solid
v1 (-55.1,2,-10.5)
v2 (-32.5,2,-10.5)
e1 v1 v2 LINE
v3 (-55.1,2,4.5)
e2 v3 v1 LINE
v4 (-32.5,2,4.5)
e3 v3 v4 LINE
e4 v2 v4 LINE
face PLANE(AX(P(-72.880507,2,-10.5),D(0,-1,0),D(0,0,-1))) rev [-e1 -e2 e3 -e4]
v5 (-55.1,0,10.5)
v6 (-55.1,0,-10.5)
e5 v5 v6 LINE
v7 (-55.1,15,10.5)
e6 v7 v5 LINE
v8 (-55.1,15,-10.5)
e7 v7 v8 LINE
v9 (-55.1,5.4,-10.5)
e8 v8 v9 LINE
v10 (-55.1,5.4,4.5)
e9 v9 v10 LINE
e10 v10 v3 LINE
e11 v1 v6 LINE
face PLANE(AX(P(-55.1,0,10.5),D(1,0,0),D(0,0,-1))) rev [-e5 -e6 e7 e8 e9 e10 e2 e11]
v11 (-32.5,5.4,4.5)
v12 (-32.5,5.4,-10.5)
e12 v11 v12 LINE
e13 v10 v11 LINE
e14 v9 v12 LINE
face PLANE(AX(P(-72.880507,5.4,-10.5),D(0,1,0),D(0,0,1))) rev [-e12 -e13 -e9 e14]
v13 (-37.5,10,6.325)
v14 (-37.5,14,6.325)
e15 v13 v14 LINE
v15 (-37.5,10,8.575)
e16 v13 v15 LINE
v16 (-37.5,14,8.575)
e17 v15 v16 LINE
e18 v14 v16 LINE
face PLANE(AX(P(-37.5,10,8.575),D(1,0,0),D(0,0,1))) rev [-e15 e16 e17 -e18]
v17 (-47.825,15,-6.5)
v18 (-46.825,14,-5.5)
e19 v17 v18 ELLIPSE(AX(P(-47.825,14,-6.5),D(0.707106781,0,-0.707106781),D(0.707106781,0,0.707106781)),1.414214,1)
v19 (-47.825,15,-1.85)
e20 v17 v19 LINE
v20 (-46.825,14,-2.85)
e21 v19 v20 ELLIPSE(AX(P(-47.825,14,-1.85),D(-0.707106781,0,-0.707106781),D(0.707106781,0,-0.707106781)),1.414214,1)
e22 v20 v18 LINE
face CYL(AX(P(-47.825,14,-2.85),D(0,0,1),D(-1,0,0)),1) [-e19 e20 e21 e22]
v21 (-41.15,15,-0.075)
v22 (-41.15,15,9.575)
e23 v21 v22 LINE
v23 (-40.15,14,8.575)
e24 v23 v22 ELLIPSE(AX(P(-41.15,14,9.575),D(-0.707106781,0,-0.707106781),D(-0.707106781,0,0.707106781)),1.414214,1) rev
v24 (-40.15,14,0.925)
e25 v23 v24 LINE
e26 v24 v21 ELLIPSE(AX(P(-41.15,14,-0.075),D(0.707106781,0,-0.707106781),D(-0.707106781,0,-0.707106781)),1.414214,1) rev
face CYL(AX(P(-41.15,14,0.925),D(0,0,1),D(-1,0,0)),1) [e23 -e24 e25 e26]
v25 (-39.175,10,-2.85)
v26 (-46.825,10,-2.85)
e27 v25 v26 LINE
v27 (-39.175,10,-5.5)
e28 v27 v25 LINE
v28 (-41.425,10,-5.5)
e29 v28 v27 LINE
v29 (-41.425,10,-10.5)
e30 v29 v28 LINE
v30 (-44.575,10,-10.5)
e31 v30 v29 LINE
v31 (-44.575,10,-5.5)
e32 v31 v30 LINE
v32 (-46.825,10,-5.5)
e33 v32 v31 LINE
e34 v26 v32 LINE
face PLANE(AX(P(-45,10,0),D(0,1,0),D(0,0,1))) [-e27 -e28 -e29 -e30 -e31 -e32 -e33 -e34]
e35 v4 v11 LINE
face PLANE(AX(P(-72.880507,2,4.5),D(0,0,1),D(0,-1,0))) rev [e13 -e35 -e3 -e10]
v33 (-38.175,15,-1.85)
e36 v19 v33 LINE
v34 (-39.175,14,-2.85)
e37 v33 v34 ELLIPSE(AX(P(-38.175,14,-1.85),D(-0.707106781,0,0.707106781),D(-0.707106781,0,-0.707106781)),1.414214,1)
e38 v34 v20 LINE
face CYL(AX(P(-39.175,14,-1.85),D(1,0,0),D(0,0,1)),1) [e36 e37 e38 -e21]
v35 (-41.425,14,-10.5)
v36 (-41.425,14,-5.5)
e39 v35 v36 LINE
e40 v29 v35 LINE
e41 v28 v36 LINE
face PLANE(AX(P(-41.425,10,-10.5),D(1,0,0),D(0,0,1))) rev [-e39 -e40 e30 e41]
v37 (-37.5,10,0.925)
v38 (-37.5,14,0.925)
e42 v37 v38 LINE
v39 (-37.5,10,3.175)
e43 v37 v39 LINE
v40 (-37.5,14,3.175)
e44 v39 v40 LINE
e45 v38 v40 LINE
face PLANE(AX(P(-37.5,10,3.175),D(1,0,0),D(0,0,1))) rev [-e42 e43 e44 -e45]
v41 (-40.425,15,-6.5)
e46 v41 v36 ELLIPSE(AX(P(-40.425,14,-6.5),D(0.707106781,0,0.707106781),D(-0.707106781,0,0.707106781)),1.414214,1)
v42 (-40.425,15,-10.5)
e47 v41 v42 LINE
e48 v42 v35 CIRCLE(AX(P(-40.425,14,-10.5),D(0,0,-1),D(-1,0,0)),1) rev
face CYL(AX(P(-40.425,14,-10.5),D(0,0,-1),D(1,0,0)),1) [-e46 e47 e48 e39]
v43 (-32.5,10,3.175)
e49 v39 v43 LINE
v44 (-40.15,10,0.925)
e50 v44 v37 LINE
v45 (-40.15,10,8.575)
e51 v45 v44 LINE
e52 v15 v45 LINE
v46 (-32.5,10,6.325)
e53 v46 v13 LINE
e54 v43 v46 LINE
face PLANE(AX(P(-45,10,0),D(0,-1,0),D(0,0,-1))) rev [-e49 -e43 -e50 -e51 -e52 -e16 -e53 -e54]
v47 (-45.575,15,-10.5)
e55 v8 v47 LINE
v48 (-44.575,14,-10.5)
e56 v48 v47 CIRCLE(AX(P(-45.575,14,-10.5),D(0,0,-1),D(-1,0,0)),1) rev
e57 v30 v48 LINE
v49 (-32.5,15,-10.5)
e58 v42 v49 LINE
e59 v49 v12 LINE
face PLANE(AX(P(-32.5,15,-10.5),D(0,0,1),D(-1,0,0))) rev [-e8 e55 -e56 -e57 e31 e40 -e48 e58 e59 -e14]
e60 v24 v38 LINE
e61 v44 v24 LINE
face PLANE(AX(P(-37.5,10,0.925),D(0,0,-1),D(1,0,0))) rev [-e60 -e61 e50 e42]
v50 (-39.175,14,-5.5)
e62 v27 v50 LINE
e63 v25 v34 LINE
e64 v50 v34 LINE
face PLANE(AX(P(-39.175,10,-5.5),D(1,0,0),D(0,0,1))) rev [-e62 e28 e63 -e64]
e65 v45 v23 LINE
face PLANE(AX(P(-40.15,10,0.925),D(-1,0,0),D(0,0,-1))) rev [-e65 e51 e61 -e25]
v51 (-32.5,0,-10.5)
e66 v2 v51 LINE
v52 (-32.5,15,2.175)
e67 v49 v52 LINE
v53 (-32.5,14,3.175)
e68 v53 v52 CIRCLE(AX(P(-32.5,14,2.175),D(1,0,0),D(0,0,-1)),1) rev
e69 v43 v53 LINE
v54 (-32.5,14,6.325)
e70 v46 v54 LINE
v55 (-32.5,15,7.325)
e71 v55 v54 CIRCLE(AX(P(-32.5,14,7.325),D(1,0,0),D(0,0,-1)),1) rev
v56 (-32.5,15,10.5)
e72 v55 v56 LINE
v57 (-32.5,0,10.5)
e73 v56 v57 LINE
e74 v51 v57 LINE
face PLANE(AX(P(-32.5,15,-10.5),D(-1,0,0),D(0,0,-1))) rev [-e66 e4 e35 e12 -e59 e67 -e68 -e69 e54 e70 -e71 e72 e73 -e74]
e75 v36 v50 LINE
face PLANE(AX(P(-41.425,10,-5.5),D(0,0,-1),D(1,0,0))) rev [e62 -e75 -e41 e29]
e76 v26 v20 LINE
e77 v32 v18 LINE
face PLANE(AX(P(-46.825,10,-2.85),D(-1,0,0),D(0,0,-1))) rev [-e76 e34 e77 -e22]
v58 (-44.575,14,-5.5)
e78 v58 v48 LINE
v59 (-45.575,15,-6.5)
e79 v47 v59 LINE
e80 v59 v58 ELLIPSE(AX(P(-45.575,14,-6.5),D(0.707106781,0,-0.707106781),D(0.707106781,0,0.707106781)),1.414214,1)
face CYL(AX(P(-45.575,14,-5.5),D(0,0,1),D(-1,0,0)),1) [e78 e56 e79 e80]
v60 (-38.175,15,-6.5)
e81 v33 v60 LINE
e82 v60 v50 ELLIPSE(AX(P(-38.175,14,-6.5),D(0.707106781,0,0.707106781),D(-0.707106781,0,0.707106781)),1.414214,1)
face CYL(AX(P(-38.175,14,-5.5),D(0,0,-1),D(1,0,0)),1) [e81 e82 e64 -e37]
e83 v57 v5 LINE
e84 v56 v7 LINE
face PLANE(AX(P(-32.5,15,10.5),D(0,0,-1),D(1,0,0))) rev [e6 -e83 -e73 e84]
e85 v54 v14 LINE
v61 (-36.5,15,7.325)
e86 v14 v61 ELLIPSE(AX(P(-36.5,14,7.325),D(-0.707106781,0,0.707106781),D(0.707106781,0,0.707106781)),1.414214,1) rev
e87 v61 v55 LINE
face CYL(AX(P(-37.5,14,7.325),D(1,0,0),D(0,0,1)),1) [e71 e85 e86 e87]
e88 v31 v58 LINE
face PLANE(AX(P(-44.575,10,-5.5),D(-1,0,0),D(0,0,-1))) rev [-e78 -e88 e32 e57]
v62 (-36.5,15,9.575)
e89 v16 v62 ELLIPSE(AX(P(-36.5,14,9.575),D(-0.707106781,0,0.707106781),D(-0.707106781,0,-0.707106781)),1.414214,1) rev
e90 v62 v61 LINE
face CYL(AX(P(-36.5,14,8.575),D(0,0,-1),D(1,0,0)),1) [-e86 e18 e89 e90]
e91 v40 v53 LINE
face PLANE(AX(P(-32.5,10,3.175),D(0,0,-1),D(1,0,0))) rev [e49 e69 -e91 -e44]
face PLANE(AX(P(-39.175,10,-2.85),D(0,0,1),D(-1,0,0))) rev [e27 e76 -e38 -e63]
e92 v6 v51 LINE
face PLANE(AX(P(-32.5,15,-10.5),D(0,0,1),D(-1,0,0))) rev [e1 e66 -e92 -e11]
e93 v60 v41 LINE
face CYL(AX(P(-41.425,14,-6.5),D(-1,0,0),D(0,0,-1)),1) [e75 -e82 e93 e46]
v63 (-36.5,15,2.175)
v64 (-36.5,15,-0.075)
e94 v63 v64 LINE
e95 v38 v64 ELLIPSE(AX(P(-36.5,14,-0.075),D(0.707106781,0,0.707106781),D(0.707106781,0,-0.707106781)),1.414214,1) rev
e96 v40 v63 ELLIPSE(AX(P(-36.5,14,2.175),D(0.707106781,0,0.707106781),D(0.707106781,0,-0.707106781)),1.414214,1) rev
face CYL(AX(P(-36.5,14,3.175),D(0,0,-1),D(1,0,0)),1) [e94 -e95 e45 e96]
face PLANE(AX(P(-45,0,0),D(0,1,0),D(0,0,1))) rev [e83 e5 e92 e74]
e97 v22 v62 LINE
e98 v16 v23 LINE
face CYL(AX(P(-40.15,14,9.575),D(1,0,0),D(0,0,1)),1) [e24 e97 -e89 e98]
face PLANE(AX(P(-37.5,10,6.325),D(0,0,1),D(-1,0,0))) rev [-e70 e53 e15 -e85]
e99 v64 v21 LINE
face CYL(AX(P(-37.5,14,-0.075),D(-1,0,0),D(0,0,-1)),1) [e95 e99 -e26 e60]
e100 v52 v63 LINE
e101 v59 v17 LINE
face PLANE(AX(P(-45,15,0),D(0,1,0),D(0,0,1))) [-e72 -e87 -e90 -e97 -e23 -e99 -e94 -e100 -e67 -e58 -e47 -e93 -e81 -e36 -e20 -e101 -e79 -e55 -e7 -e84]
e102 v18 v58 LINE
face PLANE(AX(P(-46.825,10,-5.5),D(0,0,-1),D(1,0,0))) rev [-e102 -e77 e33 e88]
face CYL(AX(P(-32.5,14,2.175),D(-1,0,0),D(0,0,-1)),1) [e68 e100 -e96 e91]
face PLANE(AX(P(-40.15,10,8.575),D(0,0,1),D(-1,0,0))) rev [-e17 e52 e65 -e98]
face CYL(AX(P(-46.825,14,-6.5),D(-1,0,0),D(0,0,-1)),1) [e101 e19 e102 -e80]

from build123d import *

# Parameters (mm, degrees)
SKETCH1_W           = 25
SKETCH1_H           = 21
BOSS_EXTRUDE1_DEPTH = 15
SKETCH2_W           = 15
SKETCH2_H           = 3.4
CUT_EXTRUDE1_DEPTH  = 22.6
CUT_EXTRUDE2_DEPTH  = 5
FILLET1_R           = 1
SKETCH4_W           = 2.4
SKETCH4_H           = 15
CUT_EXTRUDE4_DEPTH  = 64.025788373


with BuildPart() as part:
    # Sketch1 → Boss-Extrude1 (new body)
    with BuildSketch(Plane(origin=(0, 0, 0), x_dir=(1, 0, 0), z_dir=(0, 1, 0))):
        Rectangle(SKETCH1_W, SKETCH1_H)
    extrude(amount=BOSS_EXTRUDE1_DEPTH)

    # Sketch2 → Cut-Extrude1 (cut)
    with BuildSketch(Plane.ZY.offset(12.5)):
        with Locations((-3, 3.7)):
            Rectangle(SKETCH2_W, SKETCH2_H)
    extrude(amount=-CUT_EXTRUDE1_DEPTH, mode=Mode.SUBTRACT)

    # Sketch3 → Cut-Extrude2 (cut)
    with BuildSketch(Plane(origin=(0, 15, 0), x_dir=(1, 0, 0), z_dir=(0, 1, 0))):
        Polygon((-4.85, -0.925), (-4.85, -8.575), (-7.5, -8.575), (-7.5, -6.325), (-12.5, -6.325), (-12.5, -3.175), (-7.5, -3.175), (-7.5, -0.925), align=None)
        Polygon((-3.575, 10.5), (-3.575, 5.5), (-5.825, 5.5), (-5.825, 2.85), (1.825, 2.85), (1.825, 5.5), (-0.425, 5.5), (-0.425, 10.5), align=None)
    extrude(amount=-CUT_EXTRUDE2_DEPTH, mode=Mode.SUBTRACT)

    # Fillet1
    fillet1_edges = [part.edges().sort_by_distance(p)[0] for p in [
        (-6.175, 15, 0.925),
        (-7.5, 15, 2.05),
        (-10, 15, 3.175),
        (-10, 15, 6.325),
        (-7.5, 15, 7.45),
        (-6.175, 15, 8.575),
        (-4.85, 15, 4.75),
        (-3.575, 15, -8),
        (-4.7, 15, -5.5),
        (-5.825, 15, -4.175),
        (-2, 15, -2.85),
        (1.825, 15, -4.175),
        (0.7, 15, -5.5),
        (-0.425, 15, -8),
    ]]
    fillet(fillet1_edges, radius=FILLET1_R)


with BuildPart() as body_2:
    # Mirror2: mirrored copy
    add(part.part.mirror(Plane.ZY.offset(22.5)))

    # Sketch4 → Cut-Extrude4 (cut, through all)
    with BuildSketch(Plane(origin=(0, 0, -10.5), x_dir=(-1, 0, 0), z_dir=(0, 0, -1))):
        with Locations((56.3, 7.5)):
            Rectangle(SKETCH4_W, SKETCH4_H)
    extrude(amount=-CUT_EXTRUDE4_DEPTH, mode=Mode.SUBTRACT)


solid = body_2.part
